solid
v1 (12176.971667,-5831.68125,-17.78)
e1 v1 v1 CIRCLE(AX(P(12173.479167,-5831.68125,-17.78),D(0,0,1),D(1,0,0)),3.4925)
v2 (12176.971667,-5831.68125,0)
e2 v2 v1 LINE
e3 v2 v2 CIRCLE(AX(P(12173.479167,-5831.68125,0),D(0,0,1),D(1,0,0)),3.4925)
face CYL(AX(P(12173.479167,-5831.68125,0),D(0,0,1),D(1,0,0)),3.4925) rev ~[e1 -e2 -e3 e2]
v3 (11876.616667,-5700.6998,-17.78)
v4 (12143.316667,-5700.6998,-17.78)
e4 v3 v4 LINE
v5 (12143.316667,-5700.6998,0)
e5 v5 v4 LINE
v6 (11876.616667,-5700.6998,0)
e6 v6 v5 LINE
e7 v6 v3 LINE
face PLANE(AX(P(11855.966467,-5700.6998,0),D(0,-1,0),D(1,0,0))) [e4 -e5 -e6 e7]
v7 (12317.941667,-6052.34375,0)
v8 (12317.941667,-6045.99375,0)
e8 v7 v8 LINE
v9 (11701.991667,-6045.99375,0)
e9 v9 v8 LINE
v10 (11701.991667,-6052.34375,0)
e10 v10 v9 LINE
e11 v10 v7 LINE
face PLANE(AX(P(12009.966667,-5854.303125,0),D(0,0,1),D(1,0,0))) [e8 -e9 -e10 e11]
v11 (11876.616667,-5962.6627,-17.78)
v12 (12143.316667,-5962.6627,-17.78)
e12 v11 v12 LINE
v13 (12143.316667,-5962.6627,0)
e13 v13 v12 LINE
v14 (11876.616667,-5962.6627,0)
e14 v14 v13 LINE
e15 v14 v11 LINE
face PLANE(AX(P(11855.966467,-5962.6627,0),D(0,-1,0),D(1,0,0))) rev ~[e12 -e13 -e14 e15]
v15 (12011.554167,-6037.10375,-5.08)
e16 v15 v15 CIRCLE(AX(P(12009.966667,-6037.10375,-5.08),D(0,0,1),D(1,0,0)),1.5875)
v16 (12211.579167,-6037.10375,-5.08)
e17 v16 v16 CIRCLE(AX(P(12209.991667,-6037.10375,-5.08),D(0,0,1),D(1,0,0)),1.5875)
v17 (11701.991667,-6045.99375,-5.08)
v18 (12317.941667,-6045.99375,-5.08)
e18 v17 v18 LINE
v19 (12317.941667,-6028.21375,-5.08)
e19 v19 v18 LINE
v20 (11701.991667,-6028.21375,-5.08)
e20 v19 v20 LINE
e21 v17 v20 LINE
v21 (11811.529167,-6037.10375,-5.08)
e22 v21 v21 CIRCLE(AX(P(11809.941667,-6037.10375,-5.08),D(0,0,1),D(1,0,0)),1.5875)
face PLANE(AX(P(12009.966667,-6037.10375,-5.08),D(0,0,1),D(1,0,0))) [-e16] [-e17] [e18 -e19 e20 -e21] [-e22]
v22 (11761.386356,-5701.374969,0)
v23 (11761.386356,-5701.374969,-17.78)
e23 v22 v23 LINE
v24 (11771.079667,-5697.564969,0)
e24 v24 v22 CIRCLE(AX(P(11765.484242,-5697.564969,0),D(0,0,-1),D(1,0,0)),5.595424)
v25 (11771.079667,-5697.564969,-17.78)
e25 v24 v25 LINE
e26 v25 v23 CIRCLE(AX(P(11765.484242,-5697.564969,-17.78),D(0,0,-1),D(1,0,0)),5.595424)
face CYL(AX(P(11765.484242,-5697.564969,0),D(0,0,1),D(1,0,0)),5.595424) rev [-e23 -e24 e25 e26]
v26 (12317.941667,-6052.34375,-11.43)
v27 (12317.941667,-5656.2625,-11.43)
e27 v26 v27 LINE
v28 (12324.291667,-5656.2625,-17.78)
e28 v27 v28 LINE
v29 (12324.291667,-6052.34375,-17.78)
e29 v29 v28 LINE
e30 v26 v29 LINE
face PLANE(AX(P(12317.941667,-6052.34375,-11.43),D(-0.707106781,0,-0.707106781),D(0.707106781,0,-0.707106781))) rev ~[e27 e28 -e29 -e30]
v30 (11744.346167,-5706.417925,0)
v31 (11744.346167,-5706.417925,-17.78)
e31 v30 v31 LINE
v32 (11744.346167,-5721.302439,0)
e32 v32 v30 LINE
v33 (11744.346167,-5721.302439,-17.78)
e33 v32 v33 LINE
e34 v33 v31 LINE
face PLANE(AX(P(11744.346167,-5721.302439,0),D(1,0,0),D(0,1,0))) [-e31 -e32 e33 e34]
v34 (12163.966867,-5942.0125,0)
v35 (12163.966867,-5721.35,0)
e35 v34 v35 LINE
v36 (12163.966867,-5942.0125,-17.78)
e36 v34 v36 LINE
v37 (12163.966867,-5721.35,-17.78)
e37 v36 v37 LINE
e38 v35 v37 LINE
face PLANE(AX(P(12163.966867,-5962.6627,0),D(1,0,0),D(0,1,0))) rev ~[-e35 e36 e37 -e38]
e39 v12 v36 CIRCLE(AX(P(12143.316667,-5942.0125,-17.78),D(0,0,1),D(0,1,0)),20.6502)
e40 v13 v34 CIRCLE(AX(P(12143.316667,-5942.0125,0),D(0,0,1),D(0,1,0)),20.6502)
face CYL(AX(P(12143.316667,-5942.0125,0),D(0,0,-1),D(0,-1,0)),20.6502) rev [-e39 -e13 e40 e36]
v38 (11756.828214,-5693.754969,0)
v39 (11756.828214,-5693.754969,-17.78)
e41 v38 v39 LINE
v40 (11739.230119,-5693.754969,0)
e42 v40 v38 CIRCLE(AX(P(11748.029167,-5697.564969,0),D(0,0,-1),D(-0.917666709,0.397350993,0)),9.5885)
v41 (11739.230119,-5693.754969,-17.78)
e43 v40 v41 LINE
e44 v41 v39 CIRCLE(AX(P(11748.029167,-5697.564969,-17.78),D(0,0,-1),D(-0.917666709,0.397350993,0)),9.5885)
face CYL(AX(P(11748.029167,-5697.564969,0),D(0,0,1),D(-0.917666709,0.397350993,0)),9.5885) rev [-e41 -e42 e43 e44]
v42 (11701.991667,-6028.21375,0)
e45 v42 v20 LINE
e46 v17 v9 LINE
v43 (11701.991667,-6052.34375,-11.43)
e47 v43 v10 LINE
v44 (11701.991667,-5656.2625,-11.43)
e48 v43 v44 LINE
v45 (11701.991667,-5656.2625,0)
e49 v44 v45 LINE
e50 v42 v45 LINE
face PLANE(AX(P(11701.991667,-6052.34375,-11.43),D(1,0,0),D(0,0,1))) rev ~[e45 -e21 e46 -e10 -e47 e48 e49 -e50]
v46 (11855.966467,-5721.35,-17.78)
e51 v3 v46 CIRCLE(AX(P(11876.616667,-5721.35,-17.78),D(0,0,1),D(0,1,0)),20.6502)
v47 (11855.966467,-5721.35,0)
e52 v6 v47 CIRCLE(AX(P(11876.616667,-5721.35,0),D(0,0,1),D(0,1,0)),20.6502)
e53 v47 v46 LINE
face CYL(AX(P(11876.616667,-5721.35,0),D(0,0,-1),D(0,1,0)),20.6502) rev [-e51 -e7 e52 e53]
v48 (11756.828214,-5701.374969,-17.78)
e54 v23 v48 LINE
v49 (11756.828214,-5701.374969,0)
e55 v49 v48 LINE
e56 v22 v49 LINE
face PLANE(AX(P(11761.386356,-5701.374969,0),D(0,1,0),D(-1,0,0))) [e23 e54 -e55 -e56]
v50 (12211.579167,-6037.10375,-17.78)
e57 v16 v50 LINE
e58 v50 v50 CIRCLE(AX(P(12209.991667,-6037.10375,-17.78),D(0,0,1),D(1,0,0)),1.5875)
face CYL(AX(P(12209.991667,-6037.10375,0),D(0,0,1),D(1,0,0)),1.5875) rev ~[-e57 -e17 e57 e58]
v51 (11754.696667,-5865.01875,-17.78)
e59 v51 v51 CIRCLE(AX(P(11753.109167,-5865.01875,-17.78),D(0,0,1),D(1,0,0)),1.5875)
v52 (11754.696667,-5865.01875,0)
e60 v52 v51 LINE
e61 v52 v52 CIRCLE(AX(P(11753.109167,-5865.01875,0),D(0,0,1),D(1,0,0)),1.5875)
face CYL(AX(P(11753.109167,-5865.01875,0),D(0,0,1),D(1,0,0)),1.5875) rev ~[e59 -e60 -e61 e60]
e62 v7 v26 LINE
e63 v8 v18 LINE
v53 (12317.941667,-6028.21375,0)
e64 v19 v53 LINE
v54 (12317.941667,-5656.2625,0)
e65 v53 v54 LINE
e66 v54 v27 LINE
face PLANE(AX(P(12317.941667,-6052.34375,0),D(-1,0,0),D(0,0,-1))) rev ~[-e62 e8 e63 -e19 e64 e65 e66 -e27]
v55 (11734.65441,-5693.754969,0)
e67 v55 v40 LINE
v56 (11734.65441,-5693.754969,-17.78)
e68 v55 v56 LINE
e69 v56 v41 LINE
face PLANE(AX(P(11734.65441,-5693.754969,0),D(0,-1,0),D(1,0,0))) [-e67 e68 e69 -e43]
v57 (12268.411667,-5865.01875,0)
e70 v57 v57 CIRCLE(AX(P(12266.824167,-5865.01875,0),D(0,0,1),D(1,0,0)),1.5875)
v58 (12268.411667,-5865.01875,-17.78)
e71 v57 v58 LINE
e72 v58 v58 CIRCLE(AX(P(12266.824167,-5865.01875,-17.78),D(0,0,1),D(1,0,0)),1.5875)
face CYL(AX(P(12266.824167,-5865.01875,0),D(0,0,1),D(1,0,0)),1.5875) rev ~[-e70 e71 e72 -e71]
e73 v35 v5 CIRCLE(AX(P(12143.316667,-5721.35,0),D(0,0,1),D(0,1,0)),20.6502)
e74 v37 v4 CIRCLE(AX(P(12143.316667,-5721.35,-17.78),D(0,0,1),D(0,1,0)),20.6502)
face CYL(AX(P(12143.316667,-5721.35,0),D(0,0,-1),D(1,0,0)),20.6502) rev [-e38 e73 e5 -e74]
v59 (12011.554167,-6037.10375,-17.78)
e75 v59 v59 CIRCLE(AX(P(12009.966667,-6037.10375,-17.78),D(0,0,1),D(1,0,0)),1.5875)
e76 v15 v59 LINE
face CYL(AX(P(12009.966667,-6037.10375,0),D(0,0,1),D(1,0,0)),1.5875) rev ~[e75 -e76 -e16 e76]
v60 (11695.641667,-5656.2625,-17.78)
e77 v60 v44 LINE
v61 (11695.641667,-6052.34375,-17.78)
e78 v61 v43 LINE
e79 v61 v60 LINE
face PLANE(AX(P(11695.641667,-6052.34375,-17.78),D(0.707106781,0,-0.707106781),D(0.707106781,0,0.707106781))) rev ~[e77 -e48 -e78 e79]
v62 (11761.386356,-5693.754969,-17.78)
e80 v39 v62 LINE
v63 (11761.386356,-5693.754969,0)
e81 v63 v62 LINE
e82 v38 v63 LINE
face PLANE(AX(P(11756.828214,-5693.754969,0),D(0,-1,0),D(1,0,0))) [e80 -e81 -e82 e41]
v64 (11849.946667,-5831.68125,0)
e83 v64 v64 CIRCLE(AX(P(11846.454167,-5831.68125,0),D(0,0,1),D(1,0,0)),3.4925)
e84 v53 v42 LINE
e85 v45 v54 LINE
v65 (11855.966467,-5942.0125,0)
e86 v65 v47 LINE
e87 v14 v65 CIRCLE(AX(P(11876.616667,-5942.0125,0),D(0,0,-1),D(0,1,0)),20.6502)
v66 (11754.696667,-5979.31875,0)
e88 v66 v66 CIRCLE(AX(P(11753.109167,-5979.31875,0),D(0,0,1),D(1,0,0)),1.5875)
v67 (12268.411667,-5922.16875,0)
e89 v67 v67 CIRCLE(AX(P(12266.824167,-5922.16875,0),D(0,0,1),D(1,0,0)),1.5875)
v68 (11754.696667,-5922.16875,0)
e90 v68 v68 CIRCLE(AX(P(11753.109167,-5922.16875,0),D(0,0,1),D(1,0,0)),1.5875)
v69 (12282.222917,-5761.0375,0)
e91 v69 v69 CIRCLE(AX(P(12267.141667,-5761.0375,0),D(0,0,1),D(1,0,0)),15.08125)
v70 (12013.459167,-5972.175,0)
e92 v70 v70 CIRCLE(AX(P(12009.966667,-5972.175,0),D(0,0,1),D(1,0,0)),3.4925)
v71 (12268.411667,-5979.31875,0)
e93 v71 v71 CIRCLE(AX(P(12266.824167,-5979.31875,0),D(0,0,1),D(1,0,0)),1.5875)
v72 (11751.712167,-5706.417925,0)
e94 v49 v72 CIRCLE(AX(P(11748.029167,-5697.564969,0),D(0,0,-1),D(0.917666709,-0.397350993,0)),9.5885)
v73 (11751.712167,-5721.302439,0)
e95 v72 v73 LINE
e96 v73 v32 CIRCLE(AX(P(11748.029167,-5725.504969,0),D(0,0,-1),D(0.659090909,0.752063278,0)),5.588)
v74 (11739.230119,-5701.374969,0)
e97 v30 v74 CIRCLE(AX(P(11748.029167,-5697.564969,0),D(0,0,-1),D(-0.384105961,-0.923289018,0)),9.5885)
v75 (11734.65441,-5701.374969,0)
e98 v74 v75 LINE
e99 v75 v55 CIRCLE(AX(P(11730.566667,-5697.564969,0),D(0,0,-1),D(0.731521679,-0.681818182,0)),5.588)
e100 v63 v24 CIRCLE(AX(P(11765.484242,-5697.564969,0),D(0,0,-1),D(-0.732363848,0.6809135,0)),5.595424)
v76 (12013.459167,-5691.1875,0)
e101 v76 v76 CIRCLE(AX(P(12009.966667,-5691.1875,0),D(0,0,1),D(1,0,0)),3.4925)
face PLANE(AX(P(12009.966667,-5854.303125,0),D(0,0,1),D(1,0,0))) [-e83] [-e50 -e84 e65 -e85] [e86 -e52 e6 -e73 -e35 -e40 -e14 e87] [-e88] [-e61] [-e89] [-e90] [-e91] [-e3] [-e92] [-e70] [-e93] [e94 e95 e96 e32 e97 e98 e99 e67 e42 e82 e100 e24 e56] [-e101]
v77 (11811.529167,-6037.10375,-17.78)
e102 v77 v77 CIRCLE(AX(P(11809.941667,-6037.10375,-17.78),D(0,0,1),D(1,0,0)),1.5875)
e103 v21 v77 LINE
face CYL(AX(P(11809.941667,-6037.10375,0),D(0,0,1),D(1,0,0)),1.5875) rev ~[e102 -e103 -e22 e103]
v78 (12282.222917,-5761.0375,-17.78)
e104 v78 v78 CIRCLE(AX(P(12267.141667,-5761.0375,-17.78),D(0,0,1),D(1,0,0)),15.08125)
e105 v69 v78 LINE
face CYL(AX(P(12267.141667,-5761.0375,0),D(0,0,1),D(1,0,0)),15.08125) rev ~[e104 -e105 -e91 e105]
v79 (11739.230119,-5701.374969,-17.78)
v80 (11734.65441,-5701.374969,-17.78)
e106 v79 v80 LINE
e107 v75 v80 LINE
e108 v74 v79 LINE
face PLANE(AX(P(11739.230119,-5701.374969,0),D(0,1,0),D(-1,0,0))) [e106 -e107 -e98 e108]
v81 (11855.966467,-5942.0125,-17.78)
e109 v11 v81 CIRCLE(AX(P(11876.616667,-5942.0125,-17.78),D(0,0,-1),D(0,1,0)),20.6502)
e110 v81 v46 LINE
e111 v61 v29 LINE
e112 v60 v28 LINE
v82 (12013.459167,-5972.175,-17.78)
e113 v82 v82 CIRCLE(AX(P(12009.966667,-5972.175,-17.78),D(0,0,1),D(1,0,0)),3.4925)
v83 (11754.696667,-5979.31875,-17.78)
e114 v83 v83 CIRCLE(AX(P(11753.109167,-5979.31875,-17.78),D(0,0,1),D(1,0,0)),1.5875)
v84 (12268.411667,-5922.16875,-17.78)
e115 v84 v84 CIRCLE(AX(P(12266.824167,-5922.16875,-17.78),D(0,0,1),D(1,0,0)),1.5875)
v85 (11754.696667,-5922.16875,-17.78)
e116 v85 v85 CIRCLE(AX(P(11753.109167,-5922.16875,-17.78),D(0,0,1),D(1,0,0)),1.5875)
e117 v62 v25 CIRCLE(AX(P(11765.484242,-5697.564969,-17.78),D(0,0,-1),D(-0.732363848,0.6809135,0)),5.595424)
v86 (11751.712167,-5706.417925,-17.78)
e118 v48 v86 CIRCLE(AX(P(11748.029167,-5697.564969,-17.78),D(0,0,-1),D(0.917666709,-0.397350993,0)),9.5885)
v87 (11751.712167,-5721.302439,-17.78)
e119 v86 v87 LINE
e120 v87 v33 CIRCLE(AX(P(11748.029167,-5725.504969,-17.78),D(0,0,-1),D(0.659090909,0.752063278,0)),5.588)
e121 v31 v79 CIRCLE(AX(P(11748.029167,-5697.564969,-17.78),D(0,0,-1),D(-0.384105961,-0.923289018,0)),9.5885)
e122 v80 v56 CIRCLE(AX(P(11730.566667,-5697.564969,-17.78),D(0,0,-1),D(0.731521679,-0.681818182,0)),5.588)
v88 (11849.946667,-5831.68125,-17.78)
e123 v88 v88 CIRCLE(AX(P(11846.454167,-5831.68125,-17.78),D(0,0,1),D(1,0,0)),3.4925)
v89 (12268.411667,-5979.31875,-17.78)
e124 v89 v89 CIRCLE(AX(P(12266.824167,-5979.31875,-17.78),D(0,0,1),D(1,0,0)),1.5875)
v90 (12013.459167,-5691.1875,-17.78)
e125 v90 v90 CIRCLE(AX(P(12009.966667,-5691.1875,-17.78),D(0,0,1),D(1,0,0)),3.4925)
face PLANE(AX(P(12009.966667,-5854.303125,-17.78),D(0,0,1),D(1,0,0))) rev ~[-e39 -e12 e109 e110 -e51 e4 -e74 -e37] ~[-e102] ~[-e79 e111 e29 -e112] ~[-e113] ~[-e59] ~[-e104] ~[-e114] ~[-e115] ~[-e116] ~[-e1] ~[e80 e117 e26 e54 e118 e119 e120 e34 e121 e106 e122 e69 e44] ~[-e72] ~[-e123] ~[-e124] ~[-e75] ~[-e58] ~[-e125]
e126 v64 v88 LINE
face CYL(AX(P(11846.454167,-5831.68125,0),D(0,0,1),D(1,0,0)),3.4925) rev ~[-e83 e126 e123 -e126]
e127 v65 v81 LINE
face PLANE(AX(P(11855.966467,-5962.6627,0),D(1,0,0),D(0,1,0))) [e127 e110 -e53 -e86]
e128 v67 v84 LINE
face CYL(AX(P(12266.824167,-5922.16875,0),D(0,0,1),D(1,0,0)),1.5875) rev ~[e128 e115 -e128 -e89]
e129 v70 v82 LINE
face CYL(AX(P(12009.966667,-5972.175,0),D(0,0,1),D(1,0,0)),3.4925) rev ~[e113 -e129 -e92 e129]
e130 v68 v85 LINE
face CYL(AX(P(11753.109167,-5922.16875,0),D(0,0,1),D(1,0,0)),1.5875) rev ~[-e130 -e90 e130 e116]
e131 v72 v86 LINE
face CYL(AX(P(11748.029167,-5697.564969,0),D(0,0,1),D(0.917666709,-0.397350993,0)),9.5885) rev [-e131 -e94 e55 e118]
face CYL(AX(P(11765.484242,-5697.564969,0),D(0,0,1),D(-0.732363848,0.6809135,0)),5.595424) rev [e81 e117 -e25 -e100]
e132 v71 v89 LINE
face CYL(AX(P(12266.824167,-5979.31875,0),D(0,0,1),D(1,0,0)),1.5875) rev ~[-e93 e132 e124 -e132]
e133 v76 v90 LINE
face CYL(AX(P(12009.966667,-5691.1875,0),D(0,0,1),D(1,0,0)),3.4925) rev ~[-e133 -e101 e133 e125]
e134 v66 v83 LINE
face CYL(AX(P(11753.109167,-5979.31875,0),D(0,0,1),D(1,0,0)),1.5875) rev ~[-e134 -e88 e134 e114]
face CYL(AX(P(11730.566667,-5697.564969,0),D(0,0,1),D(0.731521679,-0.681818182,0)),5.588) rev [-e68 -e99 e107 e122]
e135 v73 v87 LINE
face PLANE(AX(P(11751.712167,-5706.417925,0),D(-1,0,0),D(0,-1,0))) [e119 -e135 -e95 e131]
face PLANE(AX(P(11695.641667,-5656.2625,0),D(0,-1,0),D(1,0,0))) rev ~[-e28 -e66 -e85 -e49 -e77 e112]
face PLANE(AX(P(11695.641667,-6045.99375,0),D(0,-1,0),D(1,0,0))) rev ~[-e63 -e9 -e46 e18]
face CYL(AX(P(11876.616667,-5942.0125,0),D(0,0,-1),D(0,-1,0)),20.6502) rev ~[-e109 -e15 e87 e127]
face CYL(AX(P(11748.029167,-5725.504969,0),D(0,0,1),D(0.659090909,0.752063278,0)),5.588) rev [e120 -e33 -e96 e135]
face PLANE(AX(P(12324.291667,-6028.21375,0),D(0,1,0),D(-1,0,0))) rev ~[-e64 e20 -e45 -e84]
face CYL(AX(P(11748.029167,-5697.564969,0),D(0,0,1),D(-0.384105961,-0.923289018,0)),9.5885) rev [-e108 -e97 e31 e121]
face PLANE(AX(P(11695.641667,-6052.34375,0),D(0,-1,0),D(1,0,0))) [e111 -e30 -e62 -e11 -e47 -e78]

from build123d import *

# Parameters (mm, degrees)
SKETCH2_W          = 628.65
SKETCH2_H          = 396.08125
EXTRUDE1_DEPTH     = 17.78
SKETCH3_R          = 15.08125
SKETCH3_R_2        = 3.4925
SKETCH3_R_3        = 1.5875
SKETCH3_W          = 308.0004
SKETCH3_H          = 261.9629
CUT_EXTRUDE1_DEPTH = 17.78
CUT_EXTRUDE2_DEPTH = 5.08
CUT_EXTRUDE4_DEPTH = 396.08125
FILLET1_R          = 20.6502


with BuildPart() as part:
    # Sketch2 → Extrude1 (new body)
    with BuildSketch(Plane.XY):
        with Locations((12009.966666666, -5854.303125)):
            Rectangle(SKETCH2_W, SKETCH2_H)
    extrude(amount=-EXTRUDE1_DEPTH)

    # Sketch3 → Cut-Extrude1 (cut)
    with BuildSketch(Plane.XY):
        with Locations((12267.141666666, -5761.0375)):
            Circle(SKETCH3_R)
        with Locations((12173.479166666, -5831.68125)):
            Circle(SKETCH3_R_2)
        with Locations((12266.824166666, -5865.01875)):
            Circle(SKETCH3_R_3)
        with Locations((12266.824166666, -5922.16875)):
            Circle(SKETCH3_R_3)
        with Locations((12266.824166666, -5979.31875)):
            Circle(SKETCH3_R_3)
        with Locations((12209.991666666, -6037.10375)):
            Circle(SKETCH3_R_3)
        with Locations((12009.966666666, -6037.10375)):
            Circle(SKETCH3_R_3)
        with Locations((11809.941666666, -6037.10375)):
            Circle(SKETCH3_R_3)
        with Locations((11753.109166666, -5979.31875)):
            Circle(SKETCH3_R_3)
        with Locations((11753.109166666, -5922.16875)):
            Circle(SKETCH3_R_3)
        with Locations((11753.109166666, -5865.01875)):
            Circle(SKETCH3_R_3)
        with Locations((11846.454166666, -5831.68125)):
            Circle(SKETCH3_R_2)
        with Locations((12009.966666666, -5972.175)):
            Circle(SKETCH3_R_2)
        with Locations((12009.966666666, -5691.1875)):
            Circle(SKETCH3_R_2)
        with Locations((12009.966666666, -5831.68125)):
            Rectangle(SKETCH3_W, SKETCH3_H)
        with BuildLine():
            Line((11734.654409808, -5693.754968556), (11739.23011943, -5693.754968556))
            ThreePointArc((11739.23011943, -5693.754968556), (11748.029166666, -5687.976468556), (11756.828213901, -5693.754968556))
            Line((11756.828213901, -5693.754968556), (11761.386355753, -5693.754968556))
            ThreePointArc((11761.386355753, -5693.754968556), (11767.531113043, -5692.357368906), (11771.079666666, -5697.564968556))
            ThreePointArc((11771.079666666, -5697.564968556), (11767.531113043, -5702.772568206), (11761.386355753, -5701.374968556))
            Line((11761.386355753, -5701.374968556), (11756.828213901, -5701.374968556))
            ThreePointArc((11756.828213901, -5701.374968556), (11754.760305425, -5704.393665595), (11751.712166666, -5706.417925308))
            Line((11751.712166666, -5706.417925308), (11751.712166666, -5721.30243896))
            ThreePointArc((11751.712166666, -5721.30243896), (11748.029166666, -5731.092968556), (11744.346166666, -5721.30243896))
            Line((11744.346166666, -5721.30243896), (11744.346166666, -5706.417925308))
            ThreePointArc((11744.346166666, -5706.417925308), (11741.298027907, -5704.393665595), (11739.23011943, -5701.374968556))
            Line((11739.23011943, -5701.374968556), (11734.654409809, -5701.374968556))
            ThreePointArc((11734.654409809, -5701.374968556), (11724.978666666, -5697.564968556), (11734.654409808, -5693.754968556))
        make_face()
    extrude(amount=-CUT_EXTRUDE1_DEPTH, mode=Mode.SUBTRACT)

    # Sketch4 → Cut-Extrude2 (cut)
    with BuildSketch(Plane.XY):
        Polygon((11975.041666666, -6028.21375), (11695.641666666, -6028.21375), (11695.641666666, -6045.99375), (12324.291666666, -6045.99375), (12324.291666666, -6028.21375), align=None)
    extrude(amount=-CUT_EXTRUDE2_DEPTH, mode=Mode.SUBTRACT)

    # Sketch7 → Cut-Extrude4 (cut)
    with BuildSketch(Plane.XZ.offset(6052.34375)):
        Polygon((11701.991666666, -11.43), (11701.991666666, 0), (11695.641666666, 0), (11695.641666666, -17.78), align=None)
        Polygon((12317.941666666, -11.43), (12324.291666666, -17.78), (12324.291666666, 0), (12317.941666666, 0), align=None)
    extrude(amount=-CUT_EXTRUDE4_DEPTH, mode=Mode.SUBTRACT)

    # Fillet1
    fillet1_edges = [part.edges().sort_by_distance(p)[0] for p in [
        (11855.966466666, -5962.6627, -8.89),
        (11855.966466666, -5700.6998, -8.89),
        (12163.966866666, -5700.6998, -8.89),
        (12163.966866666, -5962.6627, -8.89),
    ]]
    fillet(fillet1_edges, radius=FILLET1_R)


solid = part.part
